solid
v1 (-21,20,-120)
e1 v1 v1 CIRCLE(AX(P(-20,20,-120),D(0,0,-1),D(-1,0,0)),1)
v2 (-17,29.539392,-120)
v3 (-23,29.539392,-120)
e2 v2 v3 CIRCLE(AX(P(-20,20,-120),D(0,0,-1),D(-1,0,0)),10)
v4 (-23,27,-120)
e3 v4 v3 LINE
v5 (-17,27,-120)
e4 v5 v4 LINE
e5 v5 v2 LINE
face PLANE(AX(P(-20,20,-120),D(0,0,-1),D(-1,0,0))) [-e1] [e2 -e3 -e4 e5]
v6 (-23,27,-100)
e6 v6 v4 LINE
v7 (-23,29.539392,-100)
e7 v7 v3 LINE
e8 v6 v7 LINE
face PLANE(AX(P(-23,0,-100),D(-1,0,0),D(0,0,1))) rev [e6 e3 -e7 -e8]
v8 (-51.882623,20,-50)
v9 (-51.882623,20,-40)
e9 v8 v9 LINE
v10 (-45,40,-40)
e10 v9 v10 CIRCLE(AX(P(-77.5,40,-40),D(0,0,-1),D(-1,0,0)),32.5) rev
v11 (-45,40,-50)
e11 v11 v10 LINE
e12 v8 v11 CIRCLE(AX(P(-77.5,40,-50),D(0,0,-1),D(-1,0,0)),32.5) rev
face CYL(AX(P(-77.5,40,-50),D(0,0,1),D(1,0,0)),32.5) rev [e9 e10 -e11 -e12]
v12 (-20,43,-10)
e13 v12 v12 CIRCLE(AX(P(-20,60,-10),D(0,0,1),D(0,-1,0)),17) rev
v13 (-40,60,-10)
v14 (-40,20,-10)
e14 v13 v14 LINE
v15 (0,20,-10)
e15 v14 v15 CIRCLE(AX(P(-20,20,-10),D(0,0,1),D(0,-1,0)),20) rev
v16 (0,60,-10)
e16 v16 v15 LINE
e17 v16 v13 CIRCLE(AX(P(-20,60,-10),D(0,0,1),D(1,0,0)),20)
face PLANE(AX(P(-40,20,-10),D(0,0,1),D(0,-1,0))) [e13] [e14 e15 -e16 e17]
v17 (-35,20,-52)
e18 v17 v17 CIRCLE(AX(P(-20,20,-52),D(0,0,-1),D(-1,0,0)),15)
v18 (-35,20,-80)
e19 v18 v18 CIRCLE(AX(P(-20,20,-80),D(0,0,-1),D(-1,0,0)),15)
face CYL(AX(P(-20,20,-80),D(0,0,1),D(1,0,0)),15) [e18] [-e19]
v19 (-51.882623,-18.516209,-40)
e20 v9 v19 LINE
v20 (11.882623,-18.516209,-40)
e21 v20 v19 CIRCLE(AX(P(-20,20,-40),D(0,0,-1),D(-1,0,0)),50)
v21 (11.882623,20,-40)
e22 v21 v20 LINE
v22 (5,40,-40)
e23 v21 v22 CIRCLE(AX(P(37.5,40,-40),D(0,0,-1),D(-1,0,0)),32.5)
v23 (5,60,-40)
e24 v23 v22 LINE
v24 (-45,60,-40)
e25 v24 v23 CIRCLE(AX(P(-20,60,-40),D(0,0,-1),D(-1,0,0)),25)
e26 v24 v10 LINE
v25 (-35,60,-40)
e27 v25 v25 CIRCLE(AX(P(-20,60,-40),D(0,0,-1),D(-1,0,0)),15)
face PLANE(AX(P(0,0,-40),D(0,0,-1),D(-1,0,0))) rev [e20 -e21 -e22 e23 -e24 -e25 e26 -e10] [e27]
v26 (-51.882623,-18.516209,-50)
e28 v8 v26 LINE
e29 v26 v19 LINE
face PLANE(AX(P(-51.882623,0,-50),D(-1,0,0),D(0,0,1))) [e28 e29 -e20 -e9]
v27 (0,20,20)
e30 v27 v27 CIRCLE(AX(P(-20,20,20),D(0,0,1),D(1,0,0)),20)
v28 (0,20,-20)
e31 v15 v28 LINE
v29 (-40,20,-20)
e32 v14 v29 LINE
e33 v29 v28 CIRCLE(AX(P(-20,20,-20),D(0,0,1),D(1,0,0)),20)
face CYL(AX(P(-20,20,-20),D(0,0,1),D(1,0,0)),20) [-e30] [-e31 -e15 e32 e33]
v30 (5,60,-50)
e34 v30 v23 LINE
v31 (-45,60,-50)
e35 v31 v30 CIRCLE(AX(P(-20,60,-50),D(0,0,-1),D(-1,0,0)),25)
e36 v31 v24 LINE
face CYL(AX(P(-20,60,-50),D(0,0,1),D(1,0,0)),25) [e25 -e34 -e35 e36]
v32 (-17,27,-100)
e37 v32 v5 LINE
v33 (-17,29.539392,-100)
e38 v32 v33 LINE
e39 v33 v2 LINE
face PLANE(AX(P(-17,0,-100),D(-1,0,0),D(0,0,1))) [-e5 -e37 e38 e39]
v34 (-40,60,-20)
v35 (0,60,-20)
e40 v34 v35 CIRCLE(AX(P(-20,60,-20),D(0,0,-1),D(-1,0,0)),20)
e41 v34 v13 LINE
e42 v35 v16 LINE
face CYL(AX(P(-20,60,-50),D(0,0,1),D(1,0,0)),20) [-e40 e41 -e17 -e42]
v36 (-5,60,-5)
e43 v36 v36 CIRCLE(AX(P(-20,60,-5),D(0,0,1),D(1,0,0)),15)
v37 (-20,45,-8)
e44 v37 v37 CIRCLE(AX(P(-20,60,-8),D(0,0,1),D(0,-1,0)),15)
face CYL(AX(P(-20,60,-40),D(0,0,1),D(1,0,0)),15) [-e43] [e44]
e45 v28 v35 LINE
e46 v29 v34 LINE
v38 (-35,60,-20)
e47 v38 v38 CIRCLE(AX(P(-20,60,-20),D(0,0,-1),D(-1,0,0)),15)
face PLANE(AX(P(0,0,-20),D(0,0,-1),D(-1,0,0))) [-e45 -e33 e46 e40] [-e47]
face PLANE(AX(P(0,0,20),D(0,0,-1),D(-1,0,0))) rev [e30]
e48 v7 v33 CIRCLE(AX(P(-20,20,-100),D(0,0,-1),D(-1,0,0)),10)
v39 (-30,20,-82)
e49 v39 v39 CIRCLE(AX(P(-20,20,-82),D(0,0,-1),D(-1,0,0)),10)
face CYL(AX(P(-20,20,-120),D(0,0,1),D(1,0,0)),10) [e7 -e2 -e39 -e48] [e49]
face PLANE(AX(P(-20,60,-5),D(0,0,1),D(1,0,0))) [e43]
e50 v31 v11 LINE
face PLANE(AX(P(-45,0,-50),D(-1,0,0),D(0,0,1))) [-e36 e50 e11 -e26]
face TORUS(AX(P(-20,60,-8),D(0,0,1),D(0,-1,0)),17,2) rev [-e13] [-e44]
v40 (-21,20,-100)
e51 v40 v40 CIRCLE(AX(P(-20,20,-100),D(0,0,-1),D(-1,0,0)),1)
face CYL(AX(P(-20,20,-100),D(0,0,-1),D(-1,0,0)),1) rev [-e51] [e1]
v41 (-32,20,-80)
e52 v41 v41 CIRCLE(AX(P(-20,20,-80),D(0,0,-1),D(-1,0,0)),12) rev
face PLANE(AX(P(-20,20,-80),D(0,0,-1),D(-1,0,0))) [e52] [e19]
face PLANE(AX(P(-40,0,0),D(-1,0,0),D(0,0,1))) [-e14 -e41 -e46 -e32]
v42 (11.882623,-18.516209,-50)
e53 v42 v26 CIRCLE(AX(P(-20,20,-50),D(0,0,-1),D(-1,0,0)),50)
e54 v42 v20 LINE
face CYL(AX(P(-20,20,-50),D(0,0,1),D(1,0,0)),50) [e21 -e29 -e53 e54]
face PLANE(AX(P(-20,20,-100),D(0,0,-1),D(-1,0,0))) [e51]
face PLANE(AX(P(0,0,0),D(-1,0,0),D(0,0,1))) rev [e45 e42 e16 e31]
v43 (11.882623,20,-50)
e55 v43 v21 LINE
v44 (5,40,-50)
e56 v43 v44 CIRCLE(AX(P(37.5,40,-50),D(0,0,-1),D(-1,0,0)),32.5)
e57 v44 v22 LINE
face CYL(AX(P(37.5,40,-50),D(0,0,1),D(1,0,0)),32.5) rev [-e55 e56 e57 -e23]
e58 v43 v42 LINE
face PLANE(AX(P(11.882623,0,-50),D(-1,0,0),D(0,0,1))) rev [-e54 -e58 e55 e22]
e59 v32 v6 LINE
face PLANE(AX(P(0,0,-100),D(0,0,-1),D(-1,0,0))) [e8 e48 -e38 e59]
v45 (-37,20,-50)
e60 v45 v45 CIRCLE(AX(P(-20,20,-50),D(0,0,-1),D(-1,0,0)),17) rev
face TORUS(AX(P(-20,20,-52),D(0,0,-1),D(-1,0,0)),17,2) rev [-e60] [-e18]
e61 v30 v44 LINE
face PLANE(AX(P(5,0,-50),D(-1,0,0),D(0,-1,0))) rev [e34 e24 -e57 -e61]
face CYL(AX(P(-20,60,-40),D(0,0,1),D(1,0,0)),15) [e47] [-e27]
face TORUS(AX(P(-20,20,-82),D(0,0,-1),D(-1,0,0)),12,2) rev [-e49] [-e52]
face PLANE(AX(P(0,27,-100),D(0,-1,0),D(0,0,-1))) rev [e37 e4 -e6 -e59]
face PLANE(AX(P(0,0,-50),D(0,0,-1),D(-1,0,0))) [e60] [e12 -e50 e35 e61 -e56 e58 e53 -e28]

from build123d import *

# Parameters (mm, degrees)
IZIM1_W                          = 40
IZIM1_H                          = 40
Y_KSEKLIK_EKSTR_ZYON1_DEPTH      = 20
KES_EKSTR_ZYON1_DEPTH            = 40
IZIM4_W                          = 10
IZIM4_H                          = 65
Y_KSEKLIK_EKSTR_ZYON2_DEPTH      = 40
KES_EKSTR_ZYON2_DEPTH            = 40
Y_KSEKLIK_EKSTR_ZYON3_DEPTH      = 5
Y_KSEKLIK_EKSTR_ZYON3_DEPTH_BACK = 30
IZIM8_R                          = 15
RADYUS1_R                        = 2
IZIM10_R                         = 15
Y_KSEKLIK_EKSTR_ZYON4_DEPTH      = 10
IZIM10_3_R                       = 15
Y_KSEKLIK_EKSTR_ZYON5_DEPTH      = 10
IZIM18_R                         = 15
Y_KSEKLIK_EKSTR_ZYON6_DEPTH      = 30
IZIM19_R                         = 10
Y_KSEKLIK_EKSTR_ZYON7_DEPTH      = 40
RADYUS2_R                        = 2
RADYUS3_R                        = 2
IZIM21_R                         = 1
KES_EKSTR_ZYON3_DEPTH            = 20
KES_EKSTR_ZYON4_START            = -20
KES_EKSTR_ZYON4_DEPTH            = 20


with BuildPart() as part:
    # Çizim1 → Yükseklik-Ekstrüzyon1 (new, symmetric)
    with BuildSketch(Plane.XY):
        with Locations((-20, 20)):
            Rectangle(IZIM1_W, IZIM1_H)
    extrude(amount=Y_KSEKLIK_EKSTR_ZYON1_DEPTH, both=True)

    # Çizim3 → Kes-Ekstrüzyon1 (cut)
    with BuildSketch(Plane.XY.offset(20)):
        with BuildLine():
            Line((-40, 20), (-40, 0))
            Line((-40, 0), (-20, 0))
            ThreePointArc((-20, 0), (-34.142135624, 5.857864376), (-40, 20))
        make_face()
        with BuildLine():
            ThreePointArc((0, 20), (-5.857864376, 5.857864376), (-20, 0))
            Line((-20, 0), (0, 0))
            Line((0, 0), (0, 20))
        make_face()
        with BuildLine():
            Line((-40, 40), (-40, 20))
            ThreePointArc((-40, 20), (-34.142135624, 34.142135624), (-20, 40))
            Line((-20, 40), (-40, 40))
        make_face()
        with BuildLine():
            ThreePointArc((-20, 40), (-5.857864376, 34.142135624), (0, 20))
            Line((0, 20), (0, 40))
            Line((0, 40), (-20, 40))
        make_face()
    extrude(amount=-KES_EKSTR_ZYON1_DEPTH, mode=Mode.SUBTRACT)

    # Çizim4 → Yükseklik-Ekstrüzyon2 (add)
    with BuildSketch(Plane(origin=(0, 0, 0), x_dir=(0, 0, -1), z_dir=(1, 0, 0))):
        with Locations((15, 52.5)):
            Rectangle(IZIM4_W, IZIM4_H)
    extrude(amount=-Y_KSEKLIK_EKSTR_ZYON2_DEPTH)

    # Çizim7 → Kes-Ekstrüzyon2 (cut)
    with BuildSketch(Plane.XY.offset(-10)):
        with BuildLine():
            Line((0, 60), (0, 85))
            Line((0, 85), (-40, 85))
            Line((-40, 85), (-40, 60))
            ThreePointArc((-40, 60), (-20, 80), (0, 60))
        make_face()
    extrude(amount=-KES_EKSTR_ZYON2_DEPTH, mode=Mode.SUBTRACT)

    # Çizim8 → Yükseklik-Ekstrüzyon3 (add, two sides: drawn at the far end of the back side and taken through both)
    with BuildSketch(Plane.XY.offset(-10).offset(-Y_KSEKLIK_EKSTR_ZYON3_DEPTH_BACK)):
        with Locations((-20, 60)):
            Circle(IZIM8_R)
    extrude(amount=Y_KSEKLIK_EKSTR_ZYON3_DEPTH + Y_KSEKLIK_EKSTR_ZYON3_DEPTH_BACK)

    # Radyus1
    radyus1_edges = [part.edges().sort_by_distance(p)[0] for p in [
        (-35, 60, -10),
    ]]
    fillet(radyus1_edges, radius=RADYUS1_R)



with BuildPart() as body_2:
    # Çizim10 → Yükseklik-Ekstrüzyon4 (new body)
    with BuildSketch(Plane(origin=(0, 0, -40), x_dir=(-1, 0, 0), z_dir=(0, 0, -1))):
        with BuildLine():
            ThreePointArc((45, 60), (20, 85), (-5, 60))
            Line((-5, 60), (-5, 40))
            ThreePointArc((-5, 40), (-6.768788262, 29.424432633), (-11.882623085, 20))
            Line((-11.882623085, 20), (-11.882623085, -18.516208863))
            ThreePointArc((-11.882623085, -18.516208863), (20, -30), (51.882623085, -18.516208863))
            Line((51.882623085, -18.516208863), (51.882623085, 20))
            ThreePointArc((51.882623085, 20), (46.768788262, 29.424432633), (45, 40))
            Line((45, 40), (45, 60))
        make_face()
        with Locations((20, 60)):
            Circle(IZIM10_R, mode=Mode.SUBTRACT)
    extrude(amount=Y_KSEKLIK_EKSTR_ZYON4_DEPTH)


with BuildPart() as part_1:
    add(part.part)

    add(body_2.part)  # Yükseklik-Ekstrüzyon5 merges body 2
    # Çizim10<3> → Yükseklik-Ekstrüzyon5 (add)
    with BuildSketch(Plane(origin=(0, 0, -40), x_dir=(-1, 0, 0), z_dir=(0, 0, -1))):
        with Locations((20, 60)):
            Circle(IZIM10_3_R)
    extrude(amount=Y_KSEKLIK_EKSTR_ZYON5_DEPTH)

    # Çizim18 → Yükseklik-Ekstrüzyon6 (add)
    with BuildSketch(Plane(origin=(0, 0, -50), x_dir=(-1, 0, 0), z_dir=(0, 0, -1))):
        with Locations((20, 20)):
            Circle(IZIM18_R)
    extrude(amount=Y_KSEKLIK_EKSTR_ZYON6_DEPTH)

    # Çizim19 → Yükseklik-Ekstrüzyon7 (add)
    with BuildSketch(Plane(origin=(0, 0, -80), x_dir=(-1, 0, 0), z_dir=(0, 0, -1))):
        with Locations((20, 20)):
            Circle(IZIM19_R)
    extrude(amount=Y_KSEKLIK_EKSTR_ZYON7_DEPTH)

    # Radyus2
    radyus2_edges = [part_1.edges().sort_by_distance(p)[0] for p in [
        (-5, 20, -50),
    ]]
    fillet(radyus2_edges, radius=RADYUS2_R)

    # Radyus3
    radyus3_edges = [part_1.edges().sort_by_distance(p)[0] for p in [
        (-10, 20, -80),
    ]]
    fillet(radyus3_edges, radius=RADYUS3_R)

    # Çizim21 → Kes-Ekstrüzyon3 (cut)
    with BuildSketch(Plane(origin=(0, 0, -120), x_dir=(-1, 0, 0), z_dir=(0, 0, -1))):
        with Locations((20, 20)):
            Circle(IZIM21_R)
    extrude(amount=-KES_EKSTR_ZYON3_DEPTH, mode=Mode.SUBTRACT)

    # Çizim22 → Kes-Ekstrüzyon4 (cut)
    with BuildSketch(Plane(origin=(0, 0, -120), x_dir=(-1, 0, 0), z_dir=(0, 0, -1)).offset(KES_EKSTR_ZYON4_START)):
        with BuildLine():
            Line((17, 27), (20, 27))
            Line((20, 27), (23, 27))
            Line((23, 27), (23, 29.539392014))
            ThreePointArc((23, 29.539392014), (20, 30), (17, 29.539392014))
            Line((17, 29.539392014), (17, 27))
        make_face()
    extrude(amount=KES_EKSTR_ZYON4_DEPTH, mode=Mode.SUBTRACT)


solid = part_1.part
